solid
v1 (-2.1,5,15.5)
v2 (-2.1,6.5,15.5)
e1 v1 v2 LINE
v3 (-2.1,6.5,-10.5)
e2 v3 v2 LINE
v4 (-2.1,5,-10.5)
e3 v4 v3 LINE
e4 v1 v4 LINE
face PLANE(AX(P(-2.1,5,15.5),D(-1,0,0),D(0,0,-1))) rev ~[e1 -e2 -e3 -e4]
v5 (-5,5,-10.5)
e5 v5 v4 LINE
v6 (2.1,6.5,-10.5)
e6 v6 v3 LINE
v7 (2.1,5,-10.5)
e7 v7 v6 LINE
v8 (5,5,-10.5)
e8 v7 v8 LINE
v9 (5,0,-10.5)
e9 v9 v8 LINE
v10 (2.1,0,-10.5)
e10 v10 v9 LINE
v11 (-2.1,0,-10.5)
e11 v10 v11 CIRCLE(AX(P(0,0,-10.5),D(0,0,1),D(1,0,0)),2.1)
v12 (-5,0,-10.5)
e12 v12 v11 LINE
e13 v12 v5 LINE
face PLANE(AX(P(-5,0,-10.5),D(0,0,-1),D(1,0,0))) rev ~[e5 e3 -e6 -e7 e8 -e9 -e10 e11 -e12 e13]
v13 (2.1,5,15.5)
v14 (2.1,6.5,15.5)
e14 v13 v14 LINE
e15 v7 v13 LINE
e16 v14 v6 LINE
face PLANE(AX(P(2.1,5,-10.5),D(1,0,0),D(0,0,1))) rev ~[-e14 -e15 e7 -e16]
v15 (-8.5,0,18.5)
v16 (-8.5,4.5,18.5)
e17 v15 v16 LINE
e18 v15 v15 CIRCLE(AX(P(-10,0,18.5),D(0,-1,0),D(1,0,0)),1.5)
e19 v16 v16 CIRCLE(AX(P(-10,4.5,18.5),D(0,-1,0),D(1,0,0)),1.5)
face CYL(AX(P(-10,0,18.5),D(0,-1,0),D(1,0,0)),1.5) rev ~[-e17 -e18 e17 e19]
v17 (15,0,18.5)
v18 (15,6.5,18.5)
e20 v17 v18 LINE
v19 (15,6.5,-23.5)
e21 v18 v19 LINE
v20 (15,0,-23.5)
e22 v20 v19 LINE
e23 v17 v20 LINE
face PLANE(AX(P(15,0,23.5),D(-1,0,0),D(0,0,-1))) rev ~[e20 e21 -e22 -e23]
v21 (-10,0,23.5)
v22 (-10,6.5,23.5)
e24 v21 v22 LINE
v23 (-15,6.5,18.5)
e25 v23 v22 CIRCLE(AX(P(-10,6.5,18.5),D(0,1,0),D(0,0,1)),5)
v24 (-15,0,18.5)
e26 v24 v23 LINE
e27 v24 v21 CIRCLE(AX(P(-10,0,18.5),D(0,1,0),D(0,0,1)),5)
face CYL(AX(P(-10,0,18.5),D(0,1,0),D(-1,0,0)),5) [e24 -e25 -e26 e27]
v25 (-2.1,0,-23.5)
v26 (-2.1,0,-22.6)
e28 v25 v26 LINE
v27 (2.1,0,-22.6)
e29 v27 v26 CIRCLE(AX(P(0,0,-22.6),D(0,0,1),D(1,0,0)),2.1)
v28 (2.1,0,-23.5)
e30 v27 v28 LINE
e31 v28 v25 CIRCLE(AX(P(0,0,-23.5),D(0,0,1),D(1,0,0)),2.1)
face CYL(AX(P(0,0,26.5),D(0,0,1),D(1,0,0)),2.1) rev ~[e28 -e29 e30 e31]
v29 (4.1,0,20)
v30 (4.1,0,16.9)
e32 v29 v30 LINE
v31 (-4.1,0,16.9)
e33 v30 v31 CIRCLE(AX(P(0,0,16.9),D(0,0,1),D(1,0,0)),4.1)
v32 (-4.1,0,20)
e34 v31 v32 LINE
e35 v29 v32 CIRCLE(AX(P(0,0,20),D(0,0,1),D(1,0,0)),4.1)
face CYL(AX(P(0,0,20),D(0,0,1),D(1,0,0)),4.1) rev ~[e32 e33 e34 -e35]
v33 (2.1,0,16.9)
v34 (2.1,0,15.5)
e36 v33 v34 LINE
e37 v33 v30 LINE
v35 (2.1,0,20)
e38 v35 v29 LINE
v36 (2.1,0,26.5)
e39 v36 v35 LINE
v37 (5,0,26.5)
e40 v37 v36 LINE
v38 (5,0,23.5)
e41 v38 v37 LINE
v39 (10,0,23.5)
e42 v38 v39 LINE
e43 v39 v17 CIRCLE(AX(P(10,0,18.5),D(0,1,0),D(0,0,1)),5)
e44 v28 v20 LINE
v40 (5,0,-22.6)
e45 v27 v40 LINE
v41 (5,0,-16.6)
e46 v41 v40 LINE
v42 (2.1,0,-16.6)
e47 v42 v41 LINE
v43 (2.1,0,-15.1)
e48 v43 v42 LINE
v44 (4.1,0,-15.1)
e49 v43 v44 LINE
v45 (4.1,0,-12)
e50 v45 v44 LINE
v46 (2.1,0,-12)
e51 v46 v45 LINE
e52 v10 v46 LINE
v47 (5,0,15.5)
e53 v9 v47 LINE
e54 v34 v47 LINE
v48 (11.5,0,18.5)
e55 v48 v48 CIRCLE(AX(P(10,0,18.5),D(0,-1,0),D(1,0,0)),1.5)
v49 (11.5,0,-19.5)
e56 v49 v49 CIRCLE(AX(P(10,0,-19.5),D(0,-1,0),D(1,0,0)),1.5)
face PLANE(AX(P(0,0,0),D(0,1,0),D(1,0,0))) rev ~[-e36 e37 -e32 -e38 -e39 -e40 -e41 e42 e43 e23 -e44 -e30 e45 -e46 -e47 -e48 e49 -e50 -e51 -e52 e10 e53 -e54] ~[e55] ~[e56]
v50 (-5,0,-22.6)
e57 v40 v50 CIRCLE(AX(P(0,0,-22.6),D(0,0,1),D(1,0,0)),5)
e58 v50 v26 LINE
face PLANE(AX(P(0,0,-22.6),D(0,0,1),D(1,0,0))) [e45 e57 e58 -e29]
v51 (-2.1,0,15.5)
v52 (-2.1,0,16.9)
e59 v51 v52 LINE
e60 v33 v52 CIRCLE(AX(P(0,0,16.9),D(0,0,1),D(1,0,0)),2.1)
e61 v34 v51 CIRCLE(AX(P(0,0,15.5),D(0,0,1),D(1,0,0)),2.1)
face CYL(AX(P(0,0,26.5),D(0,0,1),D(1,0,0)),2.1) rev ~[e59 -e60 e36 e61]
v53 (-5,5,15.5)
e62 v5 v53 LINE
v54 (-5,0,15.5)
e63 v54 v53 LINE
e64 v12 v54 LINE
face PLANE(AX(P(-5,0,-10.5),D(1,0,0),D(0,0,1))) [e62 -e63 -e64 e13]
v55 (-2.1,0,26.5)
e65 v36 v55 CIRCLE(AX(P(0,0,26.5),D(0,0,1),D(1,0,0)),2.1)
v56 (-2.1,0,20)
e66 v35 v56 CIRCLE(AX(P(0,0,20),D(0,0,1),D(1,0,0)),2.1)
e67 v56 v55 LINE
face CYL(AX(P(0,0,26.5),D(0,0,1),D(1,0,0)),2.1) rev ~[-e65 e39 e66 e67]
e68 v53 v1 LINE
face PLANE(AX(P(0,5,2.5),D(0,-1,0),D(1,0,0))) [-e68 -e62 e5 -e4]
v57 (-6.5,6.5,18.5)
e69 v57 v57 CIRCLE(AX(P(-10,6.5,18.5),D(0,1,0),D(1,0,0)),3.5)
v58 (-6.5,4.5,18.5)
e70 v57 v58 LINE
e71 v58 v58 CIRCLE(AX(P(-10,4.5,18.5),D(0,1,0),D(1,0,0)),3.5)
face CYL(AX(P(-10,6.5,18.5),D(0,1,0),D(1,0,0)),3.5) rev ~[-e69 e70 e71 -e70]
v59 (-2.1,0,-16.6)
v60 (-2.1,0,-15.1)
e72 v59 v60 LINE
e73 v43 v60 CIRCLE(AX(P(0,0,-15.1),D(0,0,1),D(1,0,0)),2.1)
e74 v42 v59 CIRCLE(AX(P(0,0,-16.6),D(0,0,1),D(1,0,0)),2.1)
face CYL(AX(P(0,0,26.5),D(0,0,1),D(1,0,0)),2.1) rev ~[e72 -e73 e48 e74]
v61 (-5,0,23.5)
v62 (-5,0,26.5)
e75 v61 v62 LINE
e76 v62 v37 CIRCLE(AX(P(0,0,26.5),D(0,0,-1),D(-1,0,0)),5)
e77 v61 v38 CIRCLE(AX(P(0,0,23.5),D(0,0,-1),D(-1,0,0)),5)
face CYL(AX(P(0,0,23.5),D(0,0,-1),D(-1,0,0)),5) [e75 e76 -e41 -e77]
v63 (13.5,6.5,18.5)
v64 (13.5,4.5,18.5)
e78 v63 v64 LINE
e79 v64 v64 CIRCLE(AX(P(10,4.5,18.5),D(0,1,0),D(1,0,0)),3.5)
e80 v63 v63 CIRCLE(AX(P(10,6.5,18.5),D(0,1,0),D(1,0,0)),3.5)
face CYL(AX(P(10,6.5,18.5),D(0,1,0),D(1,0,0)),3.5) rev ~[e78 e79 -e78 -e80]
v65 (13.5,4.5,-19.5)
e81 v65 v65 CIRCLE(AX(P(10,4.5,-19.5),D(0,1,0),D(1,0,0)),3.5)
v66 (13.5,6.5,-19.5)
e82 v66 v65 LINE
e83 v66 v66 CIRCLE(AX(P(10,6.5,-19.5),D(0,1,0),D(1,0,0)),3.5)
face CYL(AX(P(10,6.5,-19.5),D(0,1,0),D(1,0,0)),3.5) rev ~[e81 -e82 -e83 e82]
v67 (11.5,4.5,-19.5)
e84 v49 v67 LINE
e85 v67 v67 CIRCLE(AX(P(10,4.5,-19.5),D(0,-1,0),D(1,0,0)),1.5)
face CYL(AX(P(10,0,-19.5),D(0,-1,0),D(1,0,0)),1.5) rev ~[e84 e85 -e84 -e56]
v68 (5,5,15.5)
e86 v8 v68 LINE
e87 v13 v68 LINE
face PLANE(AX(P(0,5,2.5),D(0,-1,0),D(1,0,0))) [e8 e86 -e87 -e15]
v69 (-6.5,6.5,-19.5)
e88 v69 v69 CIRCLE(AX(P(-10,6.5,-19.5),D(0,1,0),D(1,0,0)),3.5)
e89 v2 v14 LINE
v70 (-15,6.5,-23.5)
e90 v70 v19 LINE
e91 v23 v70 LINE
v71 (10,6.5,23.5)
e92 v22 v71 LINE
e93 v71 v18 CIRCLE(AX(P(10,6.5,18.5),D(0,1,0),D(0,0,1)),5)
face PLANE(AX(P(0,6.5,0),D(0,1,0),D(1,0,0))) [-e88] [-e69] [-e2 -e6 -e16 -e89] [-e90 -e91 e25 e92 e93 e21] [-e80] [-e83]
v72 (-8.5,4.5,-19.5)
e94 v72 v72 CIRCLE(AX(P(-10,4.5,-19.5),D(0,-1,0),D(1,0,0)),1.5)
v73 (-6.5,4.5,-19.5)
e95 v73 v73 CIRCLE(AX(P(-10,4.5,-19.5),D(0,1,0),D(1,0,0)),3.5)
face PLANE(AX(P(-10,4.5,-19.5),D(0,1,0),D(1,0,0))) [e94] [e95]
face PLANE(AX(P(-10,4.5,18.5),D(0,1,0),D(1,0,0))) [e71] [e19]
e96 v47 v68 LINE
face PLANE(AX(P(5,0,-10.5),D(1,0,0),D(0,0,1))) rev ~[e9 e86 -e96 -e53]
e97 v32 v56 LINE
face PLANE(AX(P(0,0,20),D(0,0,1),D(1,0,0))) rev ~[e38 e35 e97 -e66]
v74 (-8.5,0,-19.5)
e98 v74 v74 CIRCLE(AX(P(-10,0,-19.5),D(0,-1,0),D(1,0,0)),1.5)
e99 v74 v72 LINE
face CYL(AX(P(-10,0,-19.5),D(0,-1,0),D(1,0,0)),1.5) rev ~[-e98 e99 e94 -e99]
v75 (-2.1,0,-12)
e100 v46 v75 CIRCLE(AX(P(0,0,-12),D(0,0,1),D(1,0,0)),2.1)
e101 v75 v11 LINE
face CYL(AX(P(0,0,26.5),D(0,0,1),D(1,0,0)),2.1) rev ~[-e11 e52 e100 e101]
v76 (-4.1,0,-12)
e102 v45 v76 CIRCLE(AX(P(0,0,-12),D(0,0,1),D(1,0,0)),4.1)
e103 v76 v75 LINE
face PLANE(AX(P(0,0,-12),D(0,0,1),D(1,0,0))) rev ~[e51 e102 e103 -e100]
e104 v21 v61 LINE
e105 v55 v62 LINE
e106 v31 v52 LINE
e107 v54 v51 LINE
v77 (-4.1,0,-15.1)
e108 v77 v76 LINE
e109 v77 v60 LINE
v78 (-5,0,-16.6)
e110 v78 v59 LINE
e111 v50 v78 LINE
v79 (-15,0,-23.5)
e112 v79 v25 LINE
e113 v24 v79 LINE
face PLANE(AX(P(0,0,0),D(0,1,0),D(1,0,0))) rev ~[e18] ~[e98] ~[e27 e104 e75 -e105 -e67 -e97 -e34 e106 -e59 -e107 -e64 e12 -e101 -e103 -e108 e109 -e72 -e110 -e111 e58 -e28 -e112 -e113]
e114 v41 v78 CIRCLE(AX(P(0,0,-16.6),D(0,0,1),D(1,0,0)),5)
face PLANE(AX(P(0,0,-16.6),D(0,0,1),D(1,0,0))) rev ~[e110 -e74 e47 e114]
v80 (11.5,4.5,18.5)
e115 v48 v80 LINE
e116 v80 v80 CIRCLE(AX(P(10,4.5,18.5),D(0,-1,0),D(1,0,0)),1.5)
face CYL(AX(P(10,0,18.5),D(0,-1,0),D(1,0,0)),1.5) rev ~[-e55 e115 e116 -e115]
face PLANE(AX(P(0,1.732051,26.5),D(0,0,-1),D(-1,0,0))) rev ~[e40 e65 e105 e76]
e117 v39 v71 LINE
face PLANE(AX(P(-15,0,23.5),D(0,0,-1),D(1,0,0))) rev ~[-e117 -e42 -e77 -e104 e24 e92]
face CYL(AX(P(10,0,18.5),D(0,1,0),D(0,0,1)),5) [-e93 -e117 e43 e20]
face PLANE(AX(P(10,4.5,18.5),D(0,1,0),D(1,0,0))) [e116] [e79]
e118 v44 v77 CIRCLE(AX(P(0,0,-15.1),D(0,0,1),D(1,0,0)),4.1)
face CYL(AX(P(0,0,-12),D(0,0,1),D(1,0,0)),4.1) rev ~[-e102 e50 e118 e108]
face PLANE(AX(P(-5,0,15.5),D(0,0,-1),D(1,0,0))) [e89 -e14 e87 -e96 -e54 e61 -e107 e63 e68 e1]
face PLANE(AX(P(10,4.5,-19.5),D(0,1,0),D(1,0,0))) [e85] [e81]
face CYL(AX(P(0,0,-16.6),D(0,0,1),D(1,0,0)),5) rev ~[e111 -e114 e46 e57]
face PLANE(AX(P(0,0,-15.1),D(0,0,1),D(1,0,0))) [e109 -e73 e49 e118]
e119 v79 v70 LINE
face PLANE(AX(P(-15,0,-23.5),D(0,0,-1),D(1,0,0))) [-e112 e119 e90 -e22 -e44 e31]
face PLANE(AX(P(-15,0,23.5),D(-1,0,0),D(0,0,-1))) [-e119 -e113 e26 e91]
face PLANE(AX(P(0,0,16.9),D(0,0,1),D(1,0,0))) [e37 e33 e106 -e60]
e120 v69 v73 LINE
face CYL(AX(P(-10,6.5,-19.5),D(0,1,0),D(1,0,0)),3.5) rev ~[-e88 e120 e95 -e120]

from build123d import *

# Parameters (mm, degrees)
SKETCH1_W           = 30
SKETCH1_H           = 47
BOSS_EXTRUDE1_DEPTH = 6.5
BOSS_EXTRUDE2_DEPTH = 3
SKETCH3_R           = 2.1
CUT_EXTRUDE1_DEPTH  = 50
FILLET1_R           = 5
SKETCH4_R           = 4.1
CUT_EXTRUDE2_DEPTH  = 3.1
SKETCH5_W           = 10
SKETCH5_H           = 26
CUT_EXTRUDE3_DEPTH  = 5
SKETCH9_R           = 4.1
CUT_EXTRUDE4_DEPTH  = 3.1
SKETCH10_R          = 5
CUT_EXTRUDE5_DEPTH  = 6
SKETCH11_R          = 1.5
CUT_EXTRUDE6_DEPTH  = 7.5
SKETCH12_R          = 3.5
CUT_EXTRUDE7_DEPTH  = 2
CUT_EXTRUDE8_DEPTH  = 2.5


with BuildPart() as part:
    # Sketch1 → Boss-Extrude1 (new body)
    with BuildSketch(Plane(origin=(0, 0, 0), x_dir=(1, 0, 0), z_dir=(0, 1, 0))):
        Rectangle(SKETCH1_W, SKETCH1_H)
    extrude(amount=BOSS_EXTRUDE1_DEPTH)

    # Sketch2 → Boss-Extrude2 (add)
    with BuildSketch(Plane.XY.offset(23.5)):
        with BuildLine():
            Line((5, 0), (-5, 0))
            ThreePointArc((-5, 0), (0, 5), (5, 0))
        make_face()
    extrude(amount=BOSS_EXTRUDE2_DEPTH)

    # Sketch3 → Cut-Extrude1 (cut)
    with BuildSketch(Plane.XY.offset(26.5)):
        Circle(SKETCH3_R)
    extrude(amount=-CUT_EXTRUDE1_DEPTH, mode=Mode.SUBTRACT)

    # Fillet1
    fillet1_edges = [part.edges().sort_by_distance(p)[0] for p in [
        (15, 3.25, 23.5),
        (-15, 3.25, 23.5),
    ]]
    fillet(fillet1_edges, radius=FILLET1_R)

    # Sketch4 → Cut-Extrude2 (cut)
    with BuildSketch(Plane.XY.offset(20)):
        Circle(SKETCH4_R)
    extrude(amount=-CUT_EXTRUDE2_DEPTH, mode=Mode.SUBTRACT)

    # Sketch5 → Cut-Extrude3 (cut)
    with BuildSketch(Plane.XZ):
        with Locations((0, 2.5)):
            Rectangle(SKETCH5_W, SKETCH5_H)
    extrude(amount=-CUT_EXTRUDE3_DEPTH, mode=Mode.SUBTRACT)

    # Sketch9 → Cut-Extrude4 (cut)
    with BuildSketch(Plane.XY.offset(-12)):
        Circle(SKETCH9_R)
    extrude(amount=-CUT_EXTRUDE4_DEPTH, mode=Mode.SUBTRACT)

    # Sketch10 → Cut-Extrude5 (cut)
    with BuildSketch(Plane.XY.offset(-16.6)):
        Circle(SKETCH10_R)
    extrude(amount=-CUT_EXTRUDE5_DEPTH, mode=Mode.SUBTRACT)

    # Sketch11 → Cut-Extrude6 (cut, through all)
    with BuildSketch(Plane.XZ):
        with Locations((10, 18.5)):
            Circle(SKETCH11_R)
        with Locations((10, -19.5)):
            Circle(SKETCH11_R)
        with Locations((-10, -19.5)):
            Circle(SKETCH11_R)
        with Locations((-10, 18.5)):
            Circle(SKETCH11_R)
    extrude(amount=-CUT_EXTRUDE6_DEPTH, mode=Mode.SUBTRACT)

    # Sketch12 → Cut-Extrude7 (cut)
    with BuildSketch(Plane(origin=(0, 6.5, 0), x_dir=(1, 0, 0), z_dir=(0, 1, 0))):
        with Locations((-10, 19.5)):
            Circle(SKETCH12_R)
        with Locations((10, 19.5)):
            Circle(SKETCH12_R)
        with Locations((10, -18.5)):
            Circle(SKETCH12_R)
        with Locations((-10, -18.5)):
            Circle(SKETCH12_R)
    extrude(amount=-CUT_EXTRUDE7_DEPTH, mode=Mode.SUBTRACT)

    # Sketch13 → Cut-Extrude8 (cut, through all)
    with BuildSketch(Plane.XZ.offset(-5)):
        Polygon((0, -10.5), (2.1, -10.5), (2.1, 15.5), (-2.1, 15.5), (-2.1, -10.5), align=None)
    extrude(amount=-CUT_EXTRUDE8_DEPTH, mode=Mode.SUBTRACT)


solid = part.part
